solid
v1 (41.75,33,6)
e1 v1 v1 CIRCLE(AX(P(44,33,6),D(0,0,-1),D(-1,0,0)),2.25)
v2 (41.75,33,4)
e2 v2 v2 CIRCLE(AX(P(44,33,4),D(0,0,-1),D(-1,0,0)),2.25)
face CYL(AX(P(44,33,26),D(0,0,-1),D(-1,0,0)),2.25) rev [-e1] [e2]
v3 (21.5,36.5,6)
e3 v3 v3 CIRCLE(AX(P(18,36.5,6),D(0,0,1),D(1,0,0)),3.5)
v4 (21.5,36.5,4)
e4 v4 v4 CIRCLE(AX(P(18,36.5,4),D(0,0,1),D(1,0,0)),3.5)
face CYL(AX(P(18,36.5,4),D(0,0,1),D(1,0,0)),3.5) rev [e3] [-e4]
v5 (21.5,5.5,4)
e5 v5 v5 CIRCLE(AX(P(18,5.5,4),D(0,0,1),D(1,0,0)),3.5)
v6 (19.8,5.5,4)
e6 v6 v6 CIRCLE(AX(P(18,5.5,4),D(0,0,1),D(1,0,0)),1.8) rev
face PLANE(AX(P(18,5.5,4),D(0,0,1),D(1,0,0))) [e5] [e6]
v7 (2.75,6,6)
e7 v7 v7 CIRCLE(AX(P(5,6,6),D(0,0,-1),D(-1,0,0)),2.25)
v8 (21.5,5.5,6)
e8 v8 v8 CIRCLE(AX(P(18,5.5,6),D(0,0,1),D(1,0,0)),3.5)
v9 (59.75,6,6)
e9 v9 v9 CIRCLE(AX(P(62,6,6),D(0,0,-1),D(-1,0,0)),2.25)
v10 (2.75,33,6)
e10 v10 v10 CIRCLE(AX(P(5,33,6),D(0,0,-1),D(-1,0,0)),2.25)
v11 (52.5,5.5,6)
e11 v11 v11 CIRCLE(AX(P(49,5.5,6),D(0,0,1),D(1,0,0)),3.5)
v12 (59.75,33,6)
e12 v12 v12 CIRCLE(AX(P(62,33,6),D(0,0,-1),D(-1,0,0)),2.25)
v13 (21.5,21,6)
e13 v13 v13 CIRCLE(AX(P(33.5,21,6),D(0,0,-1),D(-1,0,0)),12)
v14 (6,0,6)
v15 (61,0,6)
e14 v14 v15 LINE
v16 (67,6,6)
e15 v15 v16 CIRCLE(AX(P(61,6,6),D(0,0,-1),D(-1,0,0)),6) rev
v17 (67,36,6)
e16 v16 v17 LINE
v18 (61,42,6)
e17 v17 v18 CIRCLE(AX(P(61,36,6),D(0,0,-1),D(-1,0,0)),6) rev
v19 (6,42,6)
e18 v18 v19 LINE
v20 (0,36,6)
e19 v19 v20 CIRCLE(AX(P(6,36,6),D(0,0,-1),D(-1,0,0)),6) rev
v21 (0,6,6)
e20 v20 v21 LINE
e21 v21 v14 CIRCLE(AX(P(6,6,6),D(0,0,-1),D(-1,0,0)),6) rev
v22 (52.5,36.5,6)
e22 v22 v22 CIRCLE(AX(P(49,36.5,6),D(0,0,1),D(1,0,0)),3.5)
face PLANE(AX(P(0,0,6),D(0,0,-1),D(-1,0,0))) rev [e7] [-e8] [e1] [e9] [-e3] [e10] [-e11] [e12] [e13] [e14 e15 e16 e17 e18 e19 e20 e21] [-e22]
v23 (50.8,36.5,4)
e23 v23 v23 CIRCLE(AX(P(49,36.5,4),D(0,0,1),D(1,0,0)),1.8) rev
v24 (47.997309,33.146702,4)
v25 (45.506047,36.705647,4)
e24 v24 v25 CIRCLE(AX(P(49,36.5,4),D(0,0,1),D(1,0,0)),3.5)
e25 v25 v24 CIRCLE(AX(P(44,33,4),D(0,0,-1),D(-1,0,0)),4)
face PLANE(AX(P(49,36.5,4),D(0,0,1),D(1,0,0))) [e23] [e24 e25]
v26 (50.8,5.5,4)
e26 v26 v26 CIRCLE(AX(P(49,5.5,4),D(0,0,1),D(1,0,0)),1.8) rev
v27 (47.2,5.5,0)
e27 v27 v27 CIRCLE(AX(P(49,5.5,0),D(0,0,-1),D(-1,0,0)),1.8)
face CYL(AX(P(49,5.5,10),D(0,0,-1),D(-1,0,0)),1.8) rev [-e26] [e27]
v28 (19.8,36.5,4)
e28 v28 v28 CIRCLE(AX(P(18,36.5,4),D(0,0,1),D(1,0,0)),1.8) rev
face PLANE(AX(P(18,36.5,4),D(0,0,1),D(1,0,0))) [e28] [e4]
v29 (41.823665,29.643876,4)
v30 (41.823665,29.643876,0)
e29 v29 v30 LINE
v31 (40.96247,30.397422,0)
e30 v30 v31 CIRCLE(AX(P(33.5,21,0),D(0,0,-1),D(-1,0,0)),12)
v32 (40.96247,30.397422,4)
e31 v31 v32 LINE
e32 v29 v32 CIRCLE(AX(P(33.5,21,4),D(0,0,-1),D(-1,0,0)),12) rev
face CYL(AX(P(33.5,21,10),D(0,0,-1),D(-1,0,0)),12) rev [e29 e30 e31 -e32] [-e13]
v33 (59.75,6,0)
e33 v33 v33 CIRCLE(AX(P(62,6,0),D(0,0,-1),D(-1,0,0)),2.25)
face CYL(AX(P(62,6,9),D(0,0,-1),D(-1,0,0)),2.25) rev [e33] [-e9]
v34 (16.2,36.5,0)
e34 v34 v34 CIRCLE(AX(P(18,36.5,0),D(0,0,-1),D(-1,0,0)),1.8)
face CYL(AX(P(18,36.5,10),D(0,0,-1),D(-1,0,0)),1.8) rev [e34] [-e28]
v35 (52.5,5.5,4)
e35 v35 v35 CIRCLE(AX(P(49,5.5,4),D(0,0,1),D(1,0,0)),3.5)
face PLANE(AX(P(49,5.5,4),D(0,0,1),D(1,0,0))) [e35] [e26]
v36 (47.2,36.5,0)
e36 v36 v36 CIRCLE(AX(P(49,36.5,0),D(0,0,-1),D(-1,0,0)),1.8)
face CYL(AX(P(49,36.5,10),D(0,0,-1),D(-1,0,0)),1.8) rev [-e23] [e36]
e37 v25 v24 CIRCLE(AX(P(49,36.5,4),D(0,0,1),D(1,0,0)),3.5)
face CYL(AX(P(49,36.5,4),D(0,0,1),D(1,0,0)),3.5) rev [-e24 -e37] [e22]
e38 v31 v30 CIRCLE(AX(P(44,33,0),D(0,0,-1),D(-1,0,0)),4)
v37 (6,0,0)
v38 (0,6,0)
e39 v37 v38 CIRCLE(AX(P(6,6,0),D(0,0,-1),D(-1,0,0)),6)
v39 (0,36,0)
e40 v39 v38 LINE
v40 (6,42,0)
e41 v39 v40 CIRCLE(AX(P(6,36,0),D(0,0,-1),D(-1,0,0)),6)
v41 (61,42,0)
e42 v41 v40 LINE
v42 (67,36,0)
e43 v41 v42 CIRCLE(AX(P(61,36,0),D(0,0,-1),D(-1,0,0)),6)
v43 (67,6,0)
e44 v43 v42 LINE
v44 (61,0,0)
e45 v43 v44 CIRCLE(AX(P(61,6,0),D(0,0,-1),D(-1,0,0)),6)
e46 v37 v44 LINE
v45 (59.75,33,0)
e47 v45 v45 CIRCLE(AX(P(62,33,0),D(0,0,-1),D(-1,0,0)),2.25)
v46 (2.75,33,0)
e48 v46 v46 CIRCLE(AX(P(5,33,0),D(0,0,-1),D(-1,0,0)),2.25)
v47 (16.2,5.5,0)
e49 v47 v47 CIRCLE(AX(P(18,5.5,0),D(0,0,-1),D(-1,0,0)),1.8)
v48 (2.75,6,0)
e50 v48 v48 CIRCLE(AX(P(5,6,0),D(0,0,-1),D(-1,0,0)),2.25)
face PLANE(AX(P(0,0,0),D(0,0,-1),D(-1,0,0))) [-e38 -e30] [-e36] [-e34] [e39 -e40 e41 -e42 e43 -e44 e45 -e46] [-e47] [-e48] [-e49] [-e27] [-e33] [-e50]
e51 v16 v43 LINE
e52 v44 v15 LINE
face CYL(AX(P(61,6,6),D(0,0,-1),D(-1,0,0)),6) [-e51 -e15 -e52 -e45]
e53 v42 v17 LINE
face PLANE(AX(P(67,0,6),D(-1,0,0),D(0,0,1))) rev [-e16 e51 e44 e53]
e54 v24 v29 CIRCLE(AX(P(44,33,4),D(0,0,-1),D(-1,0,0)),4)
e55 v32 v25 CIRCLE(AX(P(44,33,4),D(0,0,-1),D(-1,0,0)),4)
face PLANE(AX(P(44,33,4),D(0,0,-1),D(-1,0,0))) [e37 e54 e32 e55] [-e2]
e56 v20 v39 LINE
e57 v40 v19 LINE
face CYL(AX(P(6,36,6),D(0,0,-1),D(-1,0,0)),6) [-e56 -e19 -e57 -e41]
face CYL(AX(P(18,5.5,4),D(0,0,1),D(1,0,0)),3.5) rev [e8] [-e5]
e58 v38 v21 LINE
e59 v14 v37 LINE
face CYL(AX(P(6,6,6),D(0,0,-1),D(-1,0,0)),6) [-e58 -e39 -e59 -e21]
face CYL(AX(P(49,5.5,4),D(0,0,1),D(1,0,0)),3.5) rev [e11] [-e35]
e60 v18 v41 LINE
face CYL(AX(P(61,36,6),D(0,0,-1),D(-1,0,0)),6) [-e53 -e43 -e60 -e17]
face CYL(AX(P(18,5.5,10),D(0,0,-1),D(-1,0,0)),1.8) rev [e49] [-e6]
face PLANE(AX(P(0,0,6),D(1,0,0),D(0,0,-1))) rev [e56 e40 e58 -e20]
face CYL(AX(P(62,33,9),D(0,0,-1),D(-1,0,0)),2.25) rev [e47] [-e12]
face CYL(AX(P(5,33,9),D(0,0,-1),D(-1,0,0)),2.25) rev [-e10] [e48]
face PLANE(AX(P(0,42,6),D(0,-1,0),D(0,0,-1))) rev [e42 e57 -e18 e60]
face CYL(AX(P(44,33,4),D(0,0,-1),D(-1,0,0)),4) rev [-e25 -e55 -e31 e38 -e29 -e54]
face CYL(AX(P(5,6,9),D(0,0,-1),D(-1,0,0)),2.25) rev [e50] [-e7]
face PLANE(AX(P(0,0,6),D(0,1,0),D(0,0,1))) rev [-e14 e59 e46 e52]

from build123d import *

# Parameters (mm, degrees)
SKETCH_1_W          = 67
SKETCH_1_H          = 42
EXTRUDE_1_DEPTH     = 6
SKETCH_2_R          = 2.25
CUT_EXTRUDE_1_DEPTH = 9
FILLET_1_R          = 6
SKETCH_3_R          = 12
SKETCH_3_R_2        = 1.8
CUT_EXTRUDE_2_DEPTH = 10
SKETCH_4_R          = 3.5
CUT_EXTRUDE_3_DEPTH = 2
SKETCH_8_R          = 4
SKETCH_8_R_2        = 2.25
CUT_EXTRUDE_6_DEPTH = 4
SKETCH_8_2_R        = 2.25
CUT_EXTRUDE_7_DEPTH = 26


with BuildPart() as part:
    # Эскиз1 → Бобышка-Вытянуть1 (new body)
    with BuildSketch(Plane.XY):
        with Locations((33.5, 21)):
            Rectangle(SKETCH_1_W, SKETCH_1_H)
    extrude(amount=EXTRUDE_1_DEPTH)

    # Эскиз2 → Вырез-Вытянуть1 (cut)
    with BuildSketch(Plane(origin=(0, 0, 0), x_dir=(-1, 0, 0), z_dir=(0, 0, -1))):
        with Locations((-62, 6)):
            Circle(SKETCH_2_R)
        with Locations((-62, 33)):
            Circle(SKETCH_2_R)
        with Locations((-5, 6)):
            Circle(SKETCH_2_R)
        with Locations((-5, 33)):
            Circle(SKETCH_2_R)
    extrude(amount=-CUT_EXTRUDE_1_DEPTH, mode=Mode.SUBTRACT)

    # Скругление1
    fillet_1_edges = [part.edges().sort_by_distance(p)[0] for p in [
        (0, 0, 3),
        (0, 42, 3),
        (67, 0, 3),
        (67, 42, 3),
    ]]
    fillet(fillet_1_edges, radius=FILLET_1_R)

    # Эскиз3 → Вырез-Вытянуть2 (cut)
    with BuildSketch(Plane(origin=(0, 0, 0), x_dir=(-1, 0, 0), z_dir=(0, 0, -1))):
        with Locations((-33.5, 21)):
            Circle(SKETCH_3_R)
        with Locations((-18, 36.5)):
            Circle(SKETCH_3_R_2)
        with Locations((-18, 5.5)):
            Circle(SKETCH_3_R_2)
        with Locations((-49, 5.5)):
            Circle(SKETCH_3_R_2)
        with Locations((-49, 36.5)):
            Circle(SKETCH_3_R_2)
    extrude(amount=-CUT_EXTRUDE_2_DEPTH, mode=Mode.SUBTRACT)

    # Эскиз4 → Вырез-Вытянуть3 (cut)
    with BuildSketch(Plane.XY.offset(6)):
        with Locations((18, 5.5)):
            Circle(SKETCH_4_R)
        with Locations((18, 36.5)):
            Circle(SKETCH_4_R)
        with Locations((49, 5.5)):
            Circle(SKETCH_4_R)
        with Locations((49, 36.5)):
            Circle(SKETCH_4_R)
    extrude(amount=-CUT_EXTRUDE_3_DEPTH, mode=Mode.SUBTRACT)

    # Эскиз8 → Вырез-Вытянуть6 (cut)
    with BuildSketch(Plane(origin=(0, 0, 0), x_dir=(-1, 0, 0), z_dir=(0, 0, -1))):
        with Locations((-44, 33)):
            Circle(SKETCH_8_R)
        with Locations((-44, 33)):
            Circle(SKETCH_8_R_2, mode=Mode.SUBTRACT)
    extrude(amount=-CUT_EXTRUDE_6_DEPTH, mode=Mode.SUBTRACT)

    # Эскиз8<2> → Вырез-Вытянуть7 (cut)
    with BuildSketch(Plane(origin=(0, 0, 0), x_dir=(-1, 0, 0), z_dir=(0, 0, -1))):
        with Locations((-44, 33)):
            Circle(SKETCH_8_2_R)
    extrude(amount=-CUT_EXTRUDE_7_DEPTH, mode=Mode.SUBTRACT)


solid = part.part
